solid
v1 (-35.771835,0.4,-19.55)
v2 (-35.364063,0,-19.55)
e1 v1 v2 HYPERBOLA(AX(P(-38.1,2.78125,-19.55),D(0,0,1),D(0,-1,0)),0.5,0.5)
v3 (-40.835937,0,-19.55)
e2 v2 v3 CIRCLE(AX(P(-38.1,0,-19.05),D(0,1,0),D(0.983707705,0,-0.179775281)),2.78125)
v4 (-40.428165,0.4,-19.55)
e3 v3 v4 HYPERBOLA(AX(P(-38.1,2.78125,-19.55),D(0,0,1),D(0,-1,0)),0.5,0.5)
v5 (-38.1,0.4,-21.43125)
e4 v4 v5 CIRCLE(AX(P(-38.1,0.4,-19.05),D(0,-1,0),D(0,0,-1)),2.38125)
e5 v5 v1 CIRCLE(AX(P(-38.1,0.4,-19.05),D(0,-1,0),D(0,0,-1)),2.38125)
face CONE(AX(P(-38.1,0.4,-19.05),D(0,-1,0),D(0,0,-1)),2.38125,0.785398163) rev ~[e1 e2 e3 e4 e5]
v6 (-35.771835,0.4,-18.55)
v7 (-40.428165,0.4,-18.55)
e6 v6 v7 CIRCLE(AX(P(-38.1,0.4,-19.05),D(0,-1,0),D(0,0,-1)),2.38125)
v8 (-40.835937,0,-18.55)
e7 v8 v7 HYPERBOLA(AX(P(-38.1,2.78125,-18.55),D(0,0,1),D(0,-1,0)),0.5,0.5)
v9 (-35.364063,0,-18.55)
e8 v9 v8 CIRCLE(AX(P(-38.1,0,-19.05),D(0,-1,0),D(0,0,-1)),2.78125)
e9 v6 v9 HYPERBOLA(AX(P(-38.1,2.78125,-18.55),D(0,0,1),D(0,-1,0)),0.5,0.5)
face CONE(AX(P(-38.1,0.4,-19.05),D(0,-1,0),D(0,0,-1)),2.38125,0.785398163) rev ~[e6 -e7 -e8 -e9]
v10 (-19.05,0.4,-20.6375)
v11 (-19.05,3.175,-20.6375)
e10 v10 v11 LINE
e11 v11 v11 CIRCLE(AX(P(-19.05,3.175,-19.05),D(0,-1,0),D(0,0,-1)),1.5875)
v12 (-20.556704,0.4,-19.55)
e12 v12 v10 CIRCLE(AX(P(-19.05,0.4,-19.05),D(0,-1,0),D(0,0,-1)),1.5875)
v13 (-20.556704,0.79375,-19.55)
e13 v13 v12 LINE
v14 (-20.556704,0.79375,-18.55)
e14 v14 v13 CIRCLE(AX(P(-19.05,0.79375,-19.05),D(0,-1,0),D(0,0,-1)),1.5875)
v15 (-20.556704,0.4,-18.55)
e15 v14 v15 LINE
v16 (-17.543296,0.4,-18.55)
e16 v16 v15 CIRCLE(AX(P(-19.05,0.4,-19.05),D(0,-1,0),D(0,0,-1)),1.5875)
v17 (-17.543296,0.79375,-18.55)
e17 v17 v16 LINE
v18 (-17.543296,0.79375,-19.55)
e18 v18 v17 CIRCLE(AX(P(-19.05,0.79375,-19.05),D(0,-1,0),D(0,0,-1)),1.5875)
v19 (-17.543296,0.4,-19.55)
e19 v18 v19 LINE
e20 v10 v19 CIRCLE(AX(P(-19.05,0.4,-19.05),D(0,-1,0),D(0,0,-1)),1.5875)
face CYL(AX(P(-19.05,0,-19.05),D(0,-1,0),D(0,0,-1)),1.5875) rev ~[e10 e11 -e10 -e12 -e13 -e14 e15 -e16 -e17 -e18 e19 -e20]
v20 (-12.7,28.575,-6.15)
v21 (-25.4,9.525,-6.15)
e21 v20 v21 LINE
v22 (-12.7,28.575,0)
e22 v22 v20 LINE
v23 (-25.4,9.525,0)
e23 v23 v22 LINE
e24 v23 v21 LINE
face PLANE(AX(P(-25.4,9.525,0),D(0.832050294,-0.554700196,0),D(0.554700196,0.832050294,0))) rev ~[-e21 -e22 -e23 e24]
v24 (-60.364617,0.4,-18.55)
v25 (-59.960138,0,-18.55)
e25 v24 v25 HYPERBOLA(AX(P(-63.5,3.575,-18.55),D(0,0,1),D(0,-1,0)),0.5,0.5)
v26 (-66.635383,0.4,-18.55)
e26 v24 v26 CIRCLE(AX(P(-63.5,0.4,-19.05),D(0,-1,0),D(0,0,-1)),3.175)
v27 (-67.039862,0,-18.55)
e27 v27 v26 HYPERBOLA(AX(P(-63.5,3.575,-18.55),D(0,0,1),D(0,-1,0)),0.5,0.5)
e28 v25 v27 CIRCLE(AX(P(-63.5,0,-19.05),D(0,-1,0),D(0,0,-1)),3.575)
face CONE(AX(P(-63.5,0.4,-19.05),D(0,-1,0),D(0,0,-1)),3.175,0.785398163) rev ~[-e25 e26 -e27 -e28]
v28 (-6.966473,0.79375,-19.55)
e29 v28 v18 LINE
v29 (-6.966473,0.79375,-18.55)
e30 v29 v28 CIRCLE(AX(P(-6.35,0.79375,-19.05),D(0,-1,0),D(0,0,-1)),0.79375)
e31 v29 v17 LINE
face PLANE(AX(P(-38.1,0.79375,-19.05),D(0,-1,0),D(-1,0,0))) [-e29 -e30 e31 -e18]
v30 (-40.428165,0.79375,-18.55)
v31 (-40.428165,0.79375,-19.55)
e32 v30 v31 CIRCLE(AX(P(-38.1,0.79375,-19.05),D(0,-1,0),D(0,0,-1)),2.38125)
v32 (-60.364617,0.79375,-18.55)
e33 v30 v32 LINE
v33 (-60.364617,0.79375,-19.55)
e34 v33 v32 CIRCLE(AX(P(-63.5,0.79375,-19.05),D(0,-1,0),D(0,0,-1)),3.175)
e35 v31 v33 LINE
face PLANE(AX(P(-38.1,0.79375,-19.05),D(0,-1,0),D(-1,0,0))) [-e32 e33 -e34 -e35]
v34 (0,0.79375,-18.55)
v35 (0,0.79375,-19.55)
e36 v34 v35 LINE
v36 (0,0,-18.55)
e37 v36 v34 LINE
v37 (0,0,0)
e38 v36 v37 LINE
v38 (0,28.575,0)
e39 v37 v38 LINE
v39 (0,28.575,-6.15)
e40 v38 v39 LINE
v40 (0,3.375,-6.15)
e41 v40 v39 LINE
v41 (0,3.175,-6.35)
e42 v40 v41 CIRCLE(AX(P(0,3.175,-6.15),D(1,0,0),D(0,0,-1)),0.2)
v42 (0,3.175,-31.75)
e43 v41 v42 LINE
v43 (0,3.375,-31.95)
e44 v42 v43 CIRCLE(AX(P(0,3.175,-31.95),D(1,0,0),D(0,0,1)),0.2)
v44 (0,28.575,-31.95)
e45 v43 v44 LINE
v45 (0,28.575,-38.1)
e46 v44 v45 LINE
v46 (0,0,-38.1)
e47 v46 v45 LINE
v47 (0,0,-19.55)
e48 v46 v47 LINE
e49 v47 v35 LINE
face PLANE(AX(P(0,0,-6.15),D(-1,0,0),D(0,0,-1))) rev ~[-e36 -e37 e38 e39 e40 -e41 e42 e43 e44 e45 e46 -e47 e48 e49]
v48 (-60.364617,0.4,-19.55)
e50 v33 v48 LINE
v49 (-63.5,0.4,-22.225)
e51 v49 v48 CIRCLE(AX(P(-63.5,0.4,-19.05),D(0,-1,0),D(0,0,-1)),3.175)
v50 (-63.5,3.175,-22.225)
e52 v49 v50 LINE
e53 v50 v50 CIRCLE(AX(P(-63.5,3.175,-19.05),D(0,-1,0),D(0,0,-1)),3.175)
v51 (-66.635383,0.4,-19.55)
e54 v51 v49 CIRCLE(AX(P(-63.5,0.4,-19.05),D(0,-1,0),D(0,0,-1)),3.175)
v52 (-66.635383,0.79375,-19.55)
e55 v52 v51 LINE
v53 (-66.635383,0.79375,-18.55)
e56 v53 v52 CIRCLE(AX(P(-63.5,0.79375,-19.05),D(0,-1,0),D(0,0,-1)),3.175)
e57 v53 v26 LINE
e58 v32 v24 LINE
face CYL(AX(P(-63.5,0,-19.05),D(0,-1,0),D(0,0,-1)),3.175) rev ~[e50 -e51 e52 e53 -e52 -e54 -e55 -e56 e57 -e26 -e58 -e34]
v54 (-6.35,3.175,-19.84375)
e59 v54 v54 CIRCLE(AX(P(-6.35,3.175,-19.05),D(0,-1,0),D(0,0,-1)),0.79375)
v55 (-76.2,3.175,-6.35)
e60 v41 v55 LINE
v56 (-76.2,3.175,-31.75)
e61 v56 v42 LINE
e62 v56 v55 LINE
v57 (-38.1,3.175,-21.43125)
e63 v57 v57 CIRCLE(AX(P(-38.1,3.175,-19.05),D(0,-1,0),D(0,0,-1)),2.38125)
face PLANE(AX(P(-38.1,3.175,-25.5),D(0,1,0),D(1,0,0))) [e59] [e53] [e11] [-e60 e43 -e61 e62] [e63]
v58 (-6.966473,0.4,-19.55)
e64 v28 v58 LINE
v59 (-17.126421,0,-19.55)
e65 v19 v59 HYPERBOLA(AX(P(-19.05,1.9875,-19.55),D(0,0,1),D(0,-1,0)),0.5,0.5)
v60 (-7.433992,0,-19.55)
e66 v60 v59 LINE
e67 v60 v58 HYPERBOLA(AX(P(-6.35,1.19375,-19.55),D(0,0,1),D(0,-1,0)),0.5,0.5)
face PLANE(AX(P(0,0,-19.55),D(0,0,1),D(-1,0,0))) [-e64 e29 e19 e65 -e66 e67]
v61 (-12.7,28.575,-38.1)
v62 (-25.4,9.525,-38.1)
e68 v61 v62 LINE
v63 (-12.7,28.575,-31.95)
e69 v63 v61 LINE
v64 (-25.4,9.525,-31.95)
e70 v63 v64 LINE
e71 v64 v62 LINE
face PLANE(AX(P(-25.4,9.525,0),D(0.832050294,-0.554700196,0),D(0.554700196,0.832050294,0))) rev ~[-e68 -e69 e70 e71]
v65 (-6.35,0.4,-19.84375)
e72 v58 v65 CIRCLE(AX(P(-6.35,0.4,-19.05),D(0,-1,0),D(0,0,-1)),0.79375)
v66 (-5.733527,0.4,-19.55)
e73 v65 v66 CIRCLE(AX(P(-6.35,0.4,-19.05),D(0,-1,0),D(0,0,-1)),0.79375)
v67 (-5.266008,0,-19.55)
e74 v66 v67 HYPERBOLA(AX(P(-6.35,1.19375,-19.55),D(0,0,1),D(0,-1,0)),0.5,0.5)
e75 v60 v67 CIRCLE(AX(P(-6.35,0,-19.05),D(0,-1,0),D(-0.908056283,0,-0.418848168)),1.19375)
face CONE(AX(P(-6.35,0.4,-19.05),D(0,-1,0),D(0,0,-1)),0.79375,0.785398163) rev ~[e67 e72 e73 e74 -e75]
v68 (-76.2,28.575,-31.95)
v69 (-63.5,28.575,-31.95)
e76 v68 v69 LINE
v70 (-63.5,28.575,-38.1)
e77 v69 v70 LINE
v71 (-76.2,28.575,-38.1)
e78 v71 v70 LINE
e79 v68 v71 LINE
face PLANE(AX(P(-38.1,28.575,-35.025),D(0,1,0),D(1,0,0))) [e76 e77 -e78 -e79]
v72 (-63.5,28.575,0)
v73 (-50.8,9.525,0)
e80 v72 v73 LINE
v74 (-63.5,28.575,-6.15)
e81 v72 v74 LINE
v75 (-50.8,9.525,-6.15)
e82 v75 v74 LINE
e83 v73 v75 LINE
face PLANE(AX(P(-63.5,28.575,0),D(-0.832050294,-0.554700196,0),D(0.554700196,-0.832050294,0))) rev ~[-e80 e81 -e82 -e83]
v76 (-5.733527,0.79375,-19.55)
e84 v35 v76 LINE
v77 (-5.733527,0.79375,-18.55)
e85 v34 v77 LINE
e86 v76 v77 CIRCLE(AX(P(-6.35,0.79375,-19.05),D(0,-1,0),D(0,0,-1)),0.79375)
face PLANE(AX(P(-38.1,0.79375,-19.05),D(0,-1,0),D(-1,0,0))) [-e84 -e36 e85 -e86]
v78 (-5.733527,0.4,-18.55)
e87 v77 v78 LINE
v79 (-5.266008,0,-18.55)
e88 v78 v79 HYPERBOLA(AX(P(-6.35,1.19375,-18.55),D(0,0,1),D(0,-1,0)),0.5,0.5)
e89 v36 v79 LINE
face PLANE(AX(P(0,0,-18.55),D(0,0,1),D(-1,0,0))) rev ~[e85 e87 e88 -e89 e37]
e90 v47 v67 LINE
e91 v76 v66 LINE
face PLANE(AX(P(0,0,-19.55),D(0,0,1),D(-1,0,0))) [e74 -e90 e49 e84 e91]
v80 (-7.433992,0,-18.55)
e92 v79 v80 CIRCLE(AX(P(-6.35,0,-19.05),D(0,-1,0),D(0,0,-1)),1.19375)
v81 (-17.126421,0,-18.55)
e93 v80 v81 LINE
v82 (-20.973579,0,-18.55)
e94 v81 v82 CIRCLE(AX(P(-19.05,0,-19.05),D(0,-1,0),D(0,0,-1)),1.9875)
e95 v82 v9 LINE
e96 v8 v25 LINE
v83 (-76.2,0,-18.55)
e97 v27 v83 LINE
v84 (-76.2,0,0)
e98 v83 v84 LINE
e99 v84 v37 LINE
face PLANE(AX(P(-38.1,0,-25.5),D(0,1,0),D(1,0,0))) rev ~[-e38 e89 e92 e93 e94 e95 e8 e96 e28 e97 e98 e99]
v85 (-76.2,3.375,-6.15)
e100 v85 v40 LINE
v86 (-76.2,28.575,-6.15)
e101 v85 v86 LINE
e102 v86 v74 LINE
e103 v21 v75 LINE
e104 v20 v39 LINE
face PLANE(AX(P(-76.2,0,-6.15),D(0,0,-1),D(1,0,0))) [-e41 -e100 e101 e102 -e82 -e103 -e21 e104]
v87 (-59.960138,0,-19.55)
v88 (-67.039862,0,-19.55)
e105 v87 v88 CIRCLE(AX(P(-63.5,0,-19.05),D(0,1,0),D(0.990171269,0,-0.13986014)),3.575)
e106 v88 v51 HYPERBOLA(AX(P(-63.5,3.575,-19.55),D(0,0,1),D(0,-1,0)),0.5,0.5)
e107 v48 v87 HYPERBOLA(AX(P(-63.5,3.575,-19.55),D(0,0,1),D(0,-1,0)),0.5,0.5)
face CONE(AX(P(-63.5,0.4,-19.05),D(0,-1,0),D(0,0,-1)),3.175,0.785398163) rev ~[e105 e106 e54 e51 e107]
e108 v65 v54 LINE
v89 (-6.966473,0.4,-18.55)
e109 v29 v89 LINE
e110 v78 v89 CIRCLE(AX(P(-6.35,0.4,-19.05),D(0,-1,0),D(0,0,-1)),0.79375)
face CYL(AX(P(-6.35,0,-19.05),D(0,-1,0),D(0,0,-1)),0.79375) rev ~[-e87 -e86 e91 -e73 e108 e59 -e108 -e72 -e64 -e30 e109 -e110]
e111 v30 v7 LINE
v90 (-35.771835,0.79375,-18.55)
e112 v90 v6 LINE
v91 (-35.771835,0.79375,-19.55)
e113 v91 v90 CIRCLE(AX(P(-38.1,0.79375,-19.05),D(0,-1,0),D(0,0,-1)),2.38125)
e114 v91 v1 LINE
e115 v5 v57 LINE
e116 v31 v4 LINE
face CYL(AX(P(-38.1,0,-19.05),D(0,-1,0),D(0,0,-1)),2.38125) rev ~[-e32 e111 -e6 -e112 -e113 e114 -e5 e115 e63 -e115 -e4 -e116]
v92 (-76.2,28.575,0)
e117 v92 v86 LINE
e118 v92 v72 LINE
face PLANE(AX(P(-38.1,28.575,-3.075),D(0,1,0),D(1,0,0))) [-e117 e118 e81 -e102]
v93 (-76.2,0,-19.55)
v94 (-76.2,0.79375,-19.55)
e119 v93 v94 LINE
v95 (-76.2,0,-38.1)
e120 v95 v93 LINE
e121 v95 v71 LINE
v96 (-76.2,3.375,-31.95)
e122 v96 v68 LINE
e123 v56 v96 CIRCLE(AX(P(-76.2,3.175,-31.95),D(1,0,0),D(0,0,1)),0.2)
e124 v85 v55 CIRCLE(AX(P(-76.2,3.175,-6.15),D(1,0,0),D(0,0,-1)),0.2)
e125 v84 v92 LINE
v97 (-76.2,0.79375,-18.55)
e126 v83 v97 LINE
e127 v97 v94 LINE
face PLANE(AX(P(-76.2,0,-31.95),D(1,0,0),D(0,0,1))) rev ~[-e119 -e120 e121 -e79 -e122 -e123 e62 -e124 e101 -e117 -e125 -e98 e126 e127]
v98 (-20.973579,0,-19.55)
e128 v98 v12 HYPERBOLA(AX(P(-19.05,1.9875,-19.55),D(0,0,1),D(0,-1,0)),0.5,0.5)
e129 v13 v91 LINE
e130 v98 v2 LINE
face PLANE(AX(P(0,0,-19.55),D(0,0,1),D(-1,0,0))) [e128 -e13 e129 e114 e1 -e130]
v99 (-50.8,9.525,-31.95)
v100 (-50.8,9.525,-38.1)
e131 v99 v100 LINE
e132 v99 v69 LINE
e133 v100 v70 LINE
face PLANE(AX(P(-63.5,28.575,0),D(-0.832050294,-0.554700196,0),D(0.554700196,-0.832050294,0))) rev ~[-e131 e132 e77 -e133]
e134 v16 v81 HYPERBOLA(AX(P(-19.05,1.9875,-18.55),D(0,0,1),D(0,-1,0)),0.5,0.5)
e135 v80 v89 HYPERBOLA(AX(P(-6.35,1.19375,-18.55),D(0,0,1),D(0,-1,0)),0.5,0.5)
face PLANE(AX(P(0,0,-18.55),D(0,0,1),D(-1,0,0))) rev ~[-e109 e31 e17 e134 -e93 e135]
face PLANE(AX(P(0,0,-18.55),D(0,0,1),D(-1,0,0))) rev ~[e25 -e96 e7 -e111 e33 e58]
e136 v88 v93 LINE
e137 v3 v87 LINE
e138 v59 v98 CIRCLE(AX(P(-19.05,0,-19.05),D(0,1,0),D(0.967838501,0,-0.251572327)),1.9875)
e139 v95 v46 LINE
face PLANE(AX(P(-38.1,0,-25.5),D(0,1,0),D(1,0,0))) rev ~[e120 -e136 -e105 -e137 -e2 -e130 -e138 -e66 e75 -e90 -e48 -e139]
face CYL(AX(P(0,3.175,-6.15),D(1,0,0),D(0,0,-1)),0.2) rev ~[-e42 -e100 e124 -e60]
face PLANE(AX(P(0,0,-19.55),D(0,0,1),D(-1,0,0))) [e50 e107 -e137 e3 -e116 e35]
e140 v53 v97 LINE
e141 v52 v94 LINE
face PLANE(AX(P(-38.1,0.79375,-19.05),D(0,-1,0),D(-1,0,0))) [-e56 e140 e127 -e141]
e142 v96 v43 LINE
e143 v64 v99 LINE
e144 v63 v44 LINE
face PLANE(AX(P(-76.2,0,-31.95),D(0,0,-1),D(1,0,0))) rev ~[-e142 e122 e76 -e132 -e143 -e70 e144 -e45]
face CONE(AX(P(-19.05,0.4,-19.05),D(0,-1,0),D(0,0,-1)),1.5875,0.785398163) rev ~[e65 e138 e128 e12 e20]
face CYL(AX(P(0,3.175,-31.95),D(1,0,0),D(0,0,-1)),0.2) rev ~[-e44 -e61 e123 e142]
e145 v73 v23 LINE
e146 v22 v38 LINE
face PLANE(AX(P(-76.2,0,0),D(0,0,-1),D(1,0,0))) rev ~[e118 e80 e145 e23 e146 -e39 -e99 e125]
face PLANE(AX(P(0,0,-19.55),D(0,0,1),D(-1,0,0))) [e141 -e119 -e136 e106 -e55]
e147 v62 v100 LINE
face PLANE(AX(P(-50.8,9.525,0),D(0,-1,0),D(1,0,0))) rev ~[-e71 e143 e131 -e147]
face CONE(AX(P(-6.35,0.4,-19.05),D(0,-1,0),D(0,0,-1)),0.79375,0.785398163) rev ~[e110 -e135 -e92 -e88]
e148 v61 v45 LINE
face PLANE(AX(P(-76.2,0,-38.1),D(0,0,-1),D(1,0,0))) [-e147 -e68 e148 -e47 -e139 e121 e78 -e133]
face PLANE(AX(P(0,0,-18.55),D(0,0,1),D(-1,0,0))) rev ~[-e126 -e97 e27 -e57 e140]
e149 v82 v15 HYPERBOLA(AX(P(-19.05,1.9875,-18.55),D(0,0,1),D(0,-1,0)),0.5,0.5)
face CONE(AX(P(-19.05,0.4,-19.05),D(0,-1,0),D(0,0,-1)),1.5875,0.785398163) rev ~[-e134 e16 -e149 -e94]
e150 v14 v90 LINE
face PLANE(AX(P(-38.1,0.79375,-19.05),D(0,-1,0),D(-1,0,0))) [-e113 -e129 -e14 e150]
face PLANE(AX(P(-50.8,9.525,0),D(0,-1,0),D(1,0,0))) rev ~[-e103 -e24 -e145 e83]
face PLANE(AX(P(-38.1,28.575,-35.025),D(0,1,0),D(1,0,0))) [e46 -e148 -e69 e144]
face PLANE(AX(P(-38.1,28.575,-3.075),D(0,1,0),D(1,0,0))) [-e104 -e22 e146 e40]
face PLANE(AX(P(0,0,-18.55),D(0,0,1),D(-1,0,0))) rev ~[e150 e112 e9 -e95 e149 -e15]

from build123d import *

# Parameters (mm, degrees)
SKETCH2_W             = 76.2
SKETCH2_H             = 6.15
BOSS_EXTRUDE1_DEPTH   = 28.575
BOSS_EXTRUDE1_2_DEPTH = 28.575
SKETCH2_3_W           = 76.2
SKETCH2_3_H           = 25.8
BOSS_EXTRUDE2_DEPTH   = 3.175
CUT_EXTRUDE2_DEPTH    = 90.858670283
SKETCH4_R             = 3.175
SKETCH4_R_2           = 2.38125
SKETCH4_R_3           = 1.5875
SKETCH4_R_4           = 0.79375
CUT_EXTRUDE3_DEPTH    = 90.858670283
SKETCH5_R             = 0.2
CUT_EXTRUDE4_DEPTH    = 90.858670283
CHAMFER1_SIZE         = 0.4
SKETCH6_W             = 76.2
SKETCH6_H             = 1
CUT_EXTRUDE5_DEPTH    = 0.79375


with BuildPart() as part:
    # Sketch2 → Boss-Extrude1 (new body)
    with BuildSketch(Plane(origin=(0, 0, 0), x_dir=(1, 0, 0), z_dir=(0, 1, 0))):
        with Locations((-38.1, 3.075)):
            Rectangle(SKETCH2_W, SKETCH2_H)
    extrude(amount=BOSS_EXTRUDE1_DEPTH)



with BuildPart() as body_2:
    # Sketch2 → Boss-Extrude1 2 (new body)
    with BuildSketch(Plane(origin=(0, 0, 0), x_dir=(1, 0, 0), z_dir=(0, 1, 0))):
        with Locations((-38.1, 35.025)):
            Rectangle(SKETCH2_W, SKETCH2_H)
    extrude(amount=BOSS_EXTRUDE1_2_DEPTH)


with BuildPart() as part_1:
    add(part.part)

    add(body_2.part)  # Boss-Extrude2 merges body 2
    # Sketch2<3> → Boss-Extrude2 (add)
    with BuildSketch(Plane(origin=(0, 0, 0), x_dir=(1, 0, 0), z_dir=(0, 1, 0))):
        with Locations((-38.1, 19.05)):
            Rectangle(SKETCH2_3_W, SKETCH2_3_H)
    extrude(amount=BOSS_EXTRUDE2_DEPTH)

    # Sketch3 → Cut-Extrude2 (cut, through all)
    with BuildSketch(Plane.XY):
        Polygon((-12.7, 28.575), (-63.5, 28.575), (-50.8, 9.525), (-25.4, 9.525), align=None)
    extrude(amount=-CUT_EXTRUDE2_DEPTH, mode=Mode.SUBTRACT)

    # Sketch4 → Cut-Extrude3 (cut, through all)
    with BuildSketch(Plane.XZ):
        with Locations((-63.5, -19.05)):
            Circle(SKETCH4_R)
        with Locations((-38.1, -19.05)):
            Circle(SKETCH4_R_2)
        with Locations((-19.05, -19.05)):
            Circle(SKETCH4_R_3)
        with Locations((-6.35, -19.05)):
            Circle(SKETCH4_R_4)
    extrude(amount=-CUT_EXTRUDE3_DEPTH, mode=Mode.SUBTRACT)

    # Sketch5 → Cut-Extrude4 (cut, through all)
    with BuildSketch(Plane(origin=(0, 0, 0), x_dir=(0, 0, -1), z_dir=(1, 0, 0))):
        with Locations((6.15, 3.175)):
            Circle(SKETCH5_R)
        with Locations((31.95, 3.175)):
            Circle(SKETCH5_R)
    extrude(amount=-CUT_EXTRUDE4_DEPTH, mode=Mode.SUBTRACT)

    # Chamfer1
    chamfer1_edges = [part_1.edges().sort_by_distance(p)[0] for p in [
        (-7.14375, 0, -19.05),
        (-20.6375, 0, -19.05),
        (-40.48125, 0, -19.05),
        (-66.675, 0, -19.05),
    ]]
    chamfer(chamfer1_edges, length=CHAMFER1_SIZE)

    # Sketch6 → Cut-Extrude5 (cut)
    with BuildSketch(Plane(origin=(0, 0, 0), x_dir=(-1, 0, 0), z_dir=(0, -1, 0))):
        with Locations((38.1, 19.05)):
            Rectangle(SKETCH6_W, SKETCH6_H)
    extrude(amount=-CUT_EXTRUDE5_DEPTH, mode=Mode.SUBTRACT)


solid = part_1.part
